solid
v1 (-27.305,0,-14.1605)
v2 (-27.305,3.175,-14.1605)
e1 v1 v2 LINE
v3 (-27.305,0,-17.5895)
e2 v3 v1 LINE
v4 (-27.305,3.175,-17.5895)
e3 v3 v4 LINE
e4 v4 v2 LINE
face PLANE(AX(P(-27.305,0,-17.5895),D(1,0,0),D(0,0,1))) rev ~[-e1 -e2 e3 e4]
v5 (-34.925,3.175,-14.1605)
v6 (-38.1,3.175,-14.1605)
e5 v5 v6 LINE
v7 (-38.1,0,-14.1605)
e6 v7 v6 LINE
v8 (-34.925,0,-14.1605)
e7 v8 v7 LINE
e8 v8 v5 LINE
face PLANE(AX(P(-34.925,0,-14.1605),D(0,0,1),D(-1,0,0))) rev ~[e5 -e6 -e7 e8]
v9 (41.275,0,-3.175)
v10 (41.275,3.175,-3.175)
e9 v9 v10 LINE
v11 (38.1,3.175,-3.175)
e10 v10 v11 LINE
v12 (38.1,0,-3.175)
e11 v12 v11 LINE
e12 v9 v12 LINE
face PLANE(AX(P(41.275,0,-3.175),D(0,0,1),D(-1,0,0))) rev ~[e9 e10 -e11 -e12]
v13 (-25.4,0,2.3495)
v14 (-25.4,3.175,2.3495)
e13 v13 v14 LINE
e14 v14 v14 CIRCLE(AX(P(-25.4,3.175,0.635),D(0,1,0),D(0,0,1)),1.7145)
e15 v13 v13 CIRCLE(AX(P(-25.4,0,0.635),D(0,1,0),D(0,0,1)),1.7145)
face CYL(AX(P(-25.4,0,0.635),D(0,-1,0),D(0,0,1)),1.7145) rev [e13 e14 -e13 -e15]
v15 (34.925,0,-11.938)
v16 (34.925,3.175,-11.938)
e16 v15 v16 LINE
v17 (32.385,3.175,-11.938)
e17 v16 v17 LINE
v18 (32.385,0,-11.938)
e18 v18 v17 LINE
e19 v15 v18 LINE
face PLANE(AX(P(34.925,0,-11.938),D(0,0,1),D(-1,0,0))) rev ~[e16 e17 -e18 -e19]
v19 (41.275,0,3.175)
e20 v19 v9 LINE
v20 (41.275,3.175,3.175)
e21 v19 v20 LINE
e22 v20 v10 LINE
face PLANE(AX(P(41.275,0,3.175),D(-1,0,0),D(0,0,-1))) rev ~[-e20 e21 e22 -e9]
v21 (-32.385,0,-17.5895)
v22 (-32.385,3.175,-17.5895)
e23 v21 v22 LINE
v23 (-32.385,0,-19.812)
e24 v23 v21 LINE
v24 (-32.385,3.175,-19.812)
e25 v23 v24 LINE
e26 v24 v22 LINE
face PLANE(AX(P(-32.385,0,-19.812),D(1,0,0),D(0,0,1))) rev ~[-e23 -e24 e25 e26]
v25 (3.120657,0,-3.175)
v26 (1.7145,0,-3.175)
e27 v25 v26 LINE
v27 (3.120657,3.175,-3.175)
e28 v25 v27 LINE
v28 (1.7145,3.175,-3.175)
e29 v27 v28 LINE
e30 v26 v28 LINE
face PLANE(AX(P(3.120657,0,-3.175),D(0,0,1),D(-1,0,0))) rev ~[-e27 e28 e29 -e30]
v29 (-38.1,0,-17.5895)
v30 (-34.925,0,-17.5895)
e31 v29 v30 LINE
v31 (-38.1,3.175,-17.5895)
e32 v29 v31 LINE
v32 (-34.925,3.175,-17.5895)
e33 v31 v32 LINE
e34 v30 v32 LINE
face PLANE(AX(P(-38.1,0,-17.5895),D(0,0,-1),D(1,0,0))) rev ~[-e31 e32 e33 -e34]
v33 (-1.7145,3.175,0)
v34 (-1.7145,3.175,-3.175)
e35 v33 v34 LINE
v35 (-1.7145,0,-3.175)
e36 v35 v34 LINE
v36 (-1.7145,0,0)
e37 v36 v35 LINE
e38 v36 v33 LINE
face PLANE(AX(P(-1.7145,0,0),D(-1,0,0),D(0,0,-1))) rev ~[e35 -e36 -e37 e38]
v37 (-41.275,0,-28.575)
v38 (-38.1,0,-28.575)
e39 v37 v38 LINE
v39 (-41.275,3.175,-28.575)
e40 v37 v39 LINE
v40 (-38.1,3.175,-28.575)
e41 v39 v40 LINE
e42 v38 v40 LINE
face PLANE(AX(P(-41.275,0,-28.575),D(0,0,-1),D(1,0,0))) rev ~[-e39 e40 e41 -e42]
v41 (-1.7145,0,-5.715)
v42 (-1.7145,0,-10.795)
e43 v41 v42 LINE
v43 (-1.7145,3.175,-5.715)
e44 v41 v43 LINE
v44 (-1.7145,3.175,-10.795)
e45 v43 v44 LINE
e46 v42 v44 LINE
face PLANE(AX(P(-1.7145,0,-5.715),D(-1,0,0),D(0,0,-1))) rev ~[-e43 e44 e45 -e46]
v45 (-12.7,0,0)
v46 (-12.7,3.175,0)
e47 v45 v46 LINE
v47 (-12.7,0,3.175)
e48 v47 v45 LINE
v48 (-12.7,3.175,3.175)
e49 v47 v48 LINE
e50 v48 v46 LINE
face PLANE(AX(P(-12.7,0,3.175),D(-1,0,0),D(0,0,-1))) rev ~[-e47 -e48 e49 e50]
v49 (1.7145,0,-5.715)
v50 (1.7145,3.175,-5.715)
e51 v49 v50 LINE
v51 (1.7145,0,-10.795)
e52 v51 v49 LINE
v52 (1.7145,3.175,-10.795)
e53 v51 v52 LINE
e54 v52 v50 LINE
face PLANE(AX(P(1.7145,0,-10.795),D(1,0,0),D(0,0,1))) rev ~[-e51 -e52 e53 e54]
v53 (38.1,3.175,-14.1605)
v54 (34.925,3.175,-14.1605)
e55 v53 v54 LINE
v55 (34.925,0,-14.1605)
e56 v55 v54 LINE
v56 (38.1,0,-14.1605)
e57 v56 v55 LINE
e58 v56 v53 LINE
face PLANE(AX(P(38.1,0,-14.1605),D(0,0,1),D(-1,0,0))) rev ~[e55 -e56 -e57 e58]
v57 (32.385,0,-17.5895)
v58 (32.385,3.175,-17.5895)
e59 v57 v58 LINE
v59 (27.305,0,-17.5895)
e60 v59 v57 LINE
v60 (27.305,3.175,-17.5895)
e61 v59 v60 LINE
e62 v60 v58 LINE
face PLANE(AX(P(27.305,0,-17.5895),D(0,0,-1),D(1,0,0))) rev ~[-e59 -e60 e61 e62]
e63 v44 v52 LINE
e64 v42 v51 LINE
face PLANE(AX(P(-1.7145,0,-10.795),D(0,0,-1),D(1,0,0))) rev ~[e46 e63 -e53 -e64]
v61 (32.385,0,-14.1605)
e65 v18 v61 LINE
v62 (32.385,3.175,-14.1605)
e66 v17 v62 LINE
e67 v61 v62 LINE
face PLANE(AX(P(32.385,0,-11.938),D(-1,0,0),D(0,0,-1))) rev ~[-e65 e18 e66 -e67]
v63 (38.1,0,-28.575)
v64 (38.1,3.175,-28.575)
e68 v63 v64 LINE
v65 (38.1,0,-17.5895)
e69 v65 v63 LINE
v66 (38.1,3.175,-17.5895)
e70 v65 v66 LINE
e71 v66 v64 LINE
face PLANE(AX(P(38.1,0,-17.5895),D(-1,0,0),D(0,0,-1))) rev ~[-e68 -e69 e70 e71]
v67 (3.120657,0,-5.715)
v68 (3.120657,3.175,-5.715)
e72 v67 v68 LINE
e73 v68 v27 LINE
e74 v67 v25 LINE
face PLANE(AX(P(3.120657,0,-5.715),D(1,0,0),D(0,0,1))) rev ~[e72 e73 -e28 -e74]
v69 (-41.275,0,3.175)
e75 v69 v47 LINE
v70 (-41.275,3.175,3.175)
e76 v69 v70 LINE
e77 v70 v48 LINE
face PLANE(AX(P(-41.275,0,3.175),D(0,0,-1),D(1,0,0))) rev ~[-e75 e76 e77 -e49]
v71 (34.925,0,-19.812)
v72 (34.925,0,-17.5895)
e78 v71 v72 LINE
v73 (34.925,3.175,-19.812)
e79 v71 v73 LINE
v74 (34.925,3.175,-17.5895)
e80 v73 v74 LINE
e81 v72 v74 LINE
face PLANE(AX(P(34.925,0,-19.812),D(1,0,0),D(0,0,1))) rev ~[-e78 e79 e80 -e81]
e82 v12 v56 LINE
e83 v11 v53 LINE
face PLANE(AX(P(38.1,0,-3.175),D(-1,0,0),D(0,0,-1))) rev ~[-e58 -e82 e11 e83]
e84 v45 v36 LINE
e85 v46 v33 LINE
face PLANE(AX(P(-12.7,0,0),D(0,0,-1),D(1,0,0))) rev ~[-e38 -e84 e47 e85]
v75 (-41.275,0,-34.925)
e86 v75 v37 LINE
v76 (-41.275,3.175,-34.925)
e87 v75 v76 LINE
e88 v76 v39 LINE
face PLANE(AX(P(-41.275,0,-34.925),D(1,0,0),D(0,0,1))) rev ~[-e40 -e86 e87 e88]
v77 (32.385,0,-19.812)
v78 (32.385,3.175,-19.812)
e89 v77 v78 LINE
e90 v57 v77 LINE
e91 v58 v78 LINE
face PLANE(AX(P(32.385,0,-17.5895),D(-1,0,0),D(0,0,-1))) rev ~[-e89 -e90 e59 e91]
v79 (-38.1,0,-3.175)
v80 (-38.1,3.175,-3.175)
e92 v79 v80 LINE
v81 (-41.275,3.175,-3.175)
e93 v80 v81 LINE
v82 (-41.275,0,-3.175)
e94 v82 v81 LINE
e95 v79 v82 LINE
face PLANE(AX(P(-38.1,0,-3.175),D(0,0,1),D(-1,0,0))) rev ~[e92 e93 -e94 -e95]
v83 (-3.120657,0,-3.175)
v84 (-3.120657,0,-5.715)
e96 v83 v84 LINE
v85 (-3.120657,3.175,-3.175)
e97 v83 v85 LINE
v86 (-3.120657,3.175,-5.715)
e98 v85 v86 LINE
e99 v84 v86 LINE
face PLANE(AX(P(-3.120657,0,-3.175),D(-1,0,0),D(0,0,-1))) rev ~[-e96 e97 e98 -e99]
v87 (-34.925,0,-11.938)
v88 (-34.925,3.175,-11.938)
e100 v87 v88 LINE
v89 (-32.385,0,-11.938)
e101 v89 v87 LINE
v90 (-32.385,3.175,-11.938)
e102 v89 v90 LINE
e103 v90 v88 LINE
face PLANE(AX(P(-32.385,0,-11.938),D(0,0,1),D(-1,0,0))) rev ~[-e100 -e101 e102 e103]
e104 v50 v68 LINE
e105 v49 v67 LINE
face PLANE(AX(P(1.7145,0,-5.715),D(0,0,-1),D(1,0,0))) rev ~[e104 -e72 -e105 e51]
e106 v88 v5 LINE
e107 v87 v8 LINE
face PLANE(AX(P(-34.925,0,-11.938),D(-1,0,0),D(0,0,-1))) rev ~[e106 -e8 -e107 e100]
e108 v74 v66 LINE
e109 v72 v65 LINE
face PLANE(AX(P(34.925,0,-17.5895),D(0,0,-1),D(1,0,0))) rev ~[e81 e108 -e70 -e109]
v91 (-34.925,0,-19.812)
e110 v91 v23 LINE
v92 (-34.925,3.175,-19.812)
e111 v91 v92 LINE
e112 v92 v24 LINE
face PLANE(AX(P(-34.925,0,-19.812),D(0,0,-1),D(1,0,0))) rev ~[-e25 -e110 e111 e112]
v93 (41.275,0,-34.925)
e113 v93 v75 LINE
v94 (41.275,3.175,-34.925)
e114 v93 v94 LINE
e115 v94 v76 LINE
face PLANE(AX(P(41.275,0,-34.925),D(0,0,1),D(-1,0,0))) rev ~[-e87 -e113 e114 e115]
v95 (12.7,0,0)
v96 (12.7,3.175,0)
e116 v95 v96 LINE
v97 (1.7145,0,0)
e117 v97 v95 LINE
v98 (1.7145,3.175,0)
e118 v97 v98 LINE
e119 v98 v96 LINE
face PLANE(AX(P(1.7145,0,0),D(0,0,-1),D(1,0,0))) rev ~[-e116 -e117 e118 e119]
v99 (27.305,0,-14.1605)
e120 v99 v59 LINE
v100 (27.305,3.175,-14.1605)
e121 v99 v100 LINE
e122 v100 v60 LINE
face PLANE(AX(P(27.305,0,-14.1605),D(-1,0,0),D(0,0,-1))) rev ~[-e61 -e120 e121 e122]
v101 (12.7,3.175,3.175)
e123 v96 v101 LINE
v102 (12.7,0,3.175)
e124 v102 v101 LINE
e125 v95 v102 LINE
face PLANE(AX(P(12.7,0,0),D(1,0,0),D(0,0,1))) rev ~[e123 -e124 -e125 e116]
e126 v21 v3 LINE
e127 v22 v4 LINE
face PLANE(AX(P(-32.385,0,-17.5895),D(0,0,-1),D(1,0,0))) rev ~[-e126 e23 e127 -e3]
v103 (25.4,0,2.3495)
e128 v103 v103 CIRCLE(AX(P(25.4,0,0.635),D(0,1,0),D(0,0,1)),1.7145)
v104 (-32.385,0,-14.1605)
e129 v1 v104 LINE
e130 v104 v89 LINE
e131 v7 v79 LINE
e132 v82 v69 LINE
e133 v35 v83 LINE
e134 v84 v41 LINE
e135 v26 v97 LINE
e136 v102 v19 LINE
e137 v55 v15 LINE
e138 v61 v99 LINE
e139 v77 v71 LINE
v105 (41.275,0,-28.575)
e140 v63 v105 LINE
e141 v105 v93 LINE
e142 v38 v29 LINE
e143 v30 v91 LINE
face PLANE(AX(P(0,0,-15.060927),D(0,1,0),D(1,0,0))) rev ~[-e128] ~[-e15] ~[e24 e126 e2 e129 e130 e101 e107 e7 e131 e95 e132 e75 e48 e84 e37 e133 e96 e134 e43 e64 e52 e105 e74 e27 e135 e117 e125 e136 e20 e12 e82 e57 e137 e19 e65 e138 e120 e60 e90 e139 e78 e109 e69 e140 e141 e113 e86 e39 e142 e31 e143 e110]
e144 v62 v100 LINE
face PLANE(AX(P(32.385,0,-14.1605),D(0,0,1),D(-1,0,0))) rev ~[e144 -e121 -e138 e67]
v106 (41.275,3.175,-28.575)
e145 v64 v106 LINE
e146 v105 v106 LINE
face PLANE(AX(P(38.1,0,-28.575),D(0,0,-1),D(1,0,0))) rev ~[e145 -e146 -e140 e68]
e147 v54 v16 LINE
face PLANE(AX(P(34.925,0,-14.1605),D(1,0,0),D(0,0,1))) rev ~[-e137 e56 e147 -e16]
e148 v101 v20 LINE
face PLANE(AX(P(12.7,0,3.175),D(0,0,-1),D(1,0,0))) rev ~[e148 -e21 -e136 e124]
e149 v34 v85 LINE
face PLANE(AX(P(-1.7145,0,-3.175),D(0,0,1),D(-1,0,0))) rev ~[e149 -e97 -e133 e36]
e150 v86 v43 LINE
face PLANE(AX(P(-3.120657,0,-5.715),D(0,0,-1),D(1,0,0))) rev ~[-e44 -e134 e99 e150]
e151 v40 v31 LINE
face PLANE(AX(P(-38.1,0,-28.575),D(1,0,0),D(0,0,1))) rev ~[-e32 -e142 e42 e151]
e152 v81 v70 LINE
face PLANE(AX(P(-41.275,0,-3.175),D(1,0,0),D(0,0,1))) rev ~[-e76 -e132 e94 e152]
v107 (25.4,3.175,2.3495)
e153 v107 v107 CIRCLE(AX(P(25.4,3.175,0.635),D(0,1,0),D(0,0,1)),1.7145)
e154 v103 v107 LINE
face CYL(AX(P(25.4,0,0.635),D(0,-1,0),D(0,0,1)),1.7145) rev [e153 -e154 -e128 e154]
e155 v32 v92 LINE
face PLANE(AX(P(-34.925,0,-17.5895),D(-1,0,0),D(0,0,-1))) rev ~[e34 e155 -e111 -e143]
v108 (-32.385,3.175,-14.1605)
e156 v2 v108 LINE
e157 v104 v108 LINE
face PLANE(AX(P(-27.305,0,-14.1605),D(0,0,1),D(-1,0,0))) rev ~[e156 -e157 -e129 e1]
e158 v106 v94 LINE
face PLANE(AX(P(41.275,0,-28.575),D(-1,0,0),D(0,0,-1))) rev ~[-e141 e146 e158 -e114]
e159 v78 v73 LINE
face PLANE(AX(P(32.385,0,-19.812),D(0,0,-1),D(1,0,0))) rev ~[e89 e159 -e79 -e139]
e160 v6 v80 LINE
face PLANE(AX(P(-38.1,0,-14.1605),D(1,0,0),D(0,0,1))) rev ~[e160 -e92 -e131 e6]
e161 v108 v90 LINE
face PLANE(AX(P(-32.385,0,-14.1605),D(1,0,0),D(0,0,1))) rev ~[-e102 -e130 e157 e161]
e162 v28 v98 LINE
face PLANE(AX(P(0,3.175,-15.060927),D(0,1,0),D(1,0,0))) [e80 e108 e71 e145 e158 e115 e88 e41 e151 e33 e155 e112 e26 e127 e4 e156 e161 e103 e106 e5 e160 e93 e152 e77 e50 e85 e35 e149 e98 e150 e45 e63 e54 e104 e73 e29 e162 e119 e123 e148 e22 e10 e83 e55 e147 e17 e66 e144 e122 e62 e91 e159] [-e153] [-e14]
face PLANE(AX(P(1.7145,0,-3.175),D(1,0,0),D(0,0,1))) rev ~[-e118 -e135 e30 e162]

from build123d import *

# Parameters (mm, degrees)
SKETCH1_R           = 1.7145
BOSS_EXTRUDE1_DEPTH = 3.175


with BuildPart() as part:
    # Sketch1 → Boss-Extrude1 (new body)
    with BuildSketch(Plane(origin=(0, 0, 0), x_dir=(1, 0, 0), z_dir=(0, 1, 0))):
        Polygon((-12.7, -3.175), (-12.7, 0), (-1.7145, 0), (-1.7145, 3.175), (-3.120656915, 3.175), (-3.120656915, 5.715), (-1.7145, 5.715), (-1.7145, 10.795), (1.7145, 10.795), (1.7145, 5.715), (3.120656915, 5.715), (3.120656915, 3.175), (1.7145, 3.175), (1.7145, 0), (12.7, 0), (12.7, -3.175), (41.275, -3.175), (41.275, 3.175), (38.1, 3.175), (38.1, 14.1605), (34.925, 14.1605), (34.925, 11.938), (32.385, 11.938), (32.385, 14.1605), (27.305, 14.1605), (27.305, 17.5895), (32.385, 17.5895), (32.385, 19.812), (34.925, 19.812), (34.925, 17.5895), (38.1, 17.5895), (38.1, 28.575), (41.275, 28.575), (41.275, 34.925), (-41.275, 34.925), (-41.275, 28.575), (-38.1, 28.575), (-38.1, 17.5895), (-34.925, 17.5895), (-34.925, 19.812), (-32.385, 19.812), (-32.385, 17.5895), (-27.305, 17.5895), (-27.305, 14.1605), (-32.385, 14.1605), (-32.385, 11.938), (-34.925, 11.938), (-34.925, 14.1605), (-38.1, 14.1605), (-38.1, 3.175), (-41.275, 3.175), (-41.275, -3.175), align=None)
        with Locations(Location((-25.4, -0.635, 0), (0, 0, 270))):
            Circle(SKETCH1_R, mode=Mode.SUBTRACT)
        with Locations(Location((25.4, -0.635, 0), (0, 0, 270))):
            Circle(SKETCH1_R, mode=Mode.SUBTRACT)
    extrude(amount=BOSS_EXTRUDE1_DEPTH)


solid = part.part
